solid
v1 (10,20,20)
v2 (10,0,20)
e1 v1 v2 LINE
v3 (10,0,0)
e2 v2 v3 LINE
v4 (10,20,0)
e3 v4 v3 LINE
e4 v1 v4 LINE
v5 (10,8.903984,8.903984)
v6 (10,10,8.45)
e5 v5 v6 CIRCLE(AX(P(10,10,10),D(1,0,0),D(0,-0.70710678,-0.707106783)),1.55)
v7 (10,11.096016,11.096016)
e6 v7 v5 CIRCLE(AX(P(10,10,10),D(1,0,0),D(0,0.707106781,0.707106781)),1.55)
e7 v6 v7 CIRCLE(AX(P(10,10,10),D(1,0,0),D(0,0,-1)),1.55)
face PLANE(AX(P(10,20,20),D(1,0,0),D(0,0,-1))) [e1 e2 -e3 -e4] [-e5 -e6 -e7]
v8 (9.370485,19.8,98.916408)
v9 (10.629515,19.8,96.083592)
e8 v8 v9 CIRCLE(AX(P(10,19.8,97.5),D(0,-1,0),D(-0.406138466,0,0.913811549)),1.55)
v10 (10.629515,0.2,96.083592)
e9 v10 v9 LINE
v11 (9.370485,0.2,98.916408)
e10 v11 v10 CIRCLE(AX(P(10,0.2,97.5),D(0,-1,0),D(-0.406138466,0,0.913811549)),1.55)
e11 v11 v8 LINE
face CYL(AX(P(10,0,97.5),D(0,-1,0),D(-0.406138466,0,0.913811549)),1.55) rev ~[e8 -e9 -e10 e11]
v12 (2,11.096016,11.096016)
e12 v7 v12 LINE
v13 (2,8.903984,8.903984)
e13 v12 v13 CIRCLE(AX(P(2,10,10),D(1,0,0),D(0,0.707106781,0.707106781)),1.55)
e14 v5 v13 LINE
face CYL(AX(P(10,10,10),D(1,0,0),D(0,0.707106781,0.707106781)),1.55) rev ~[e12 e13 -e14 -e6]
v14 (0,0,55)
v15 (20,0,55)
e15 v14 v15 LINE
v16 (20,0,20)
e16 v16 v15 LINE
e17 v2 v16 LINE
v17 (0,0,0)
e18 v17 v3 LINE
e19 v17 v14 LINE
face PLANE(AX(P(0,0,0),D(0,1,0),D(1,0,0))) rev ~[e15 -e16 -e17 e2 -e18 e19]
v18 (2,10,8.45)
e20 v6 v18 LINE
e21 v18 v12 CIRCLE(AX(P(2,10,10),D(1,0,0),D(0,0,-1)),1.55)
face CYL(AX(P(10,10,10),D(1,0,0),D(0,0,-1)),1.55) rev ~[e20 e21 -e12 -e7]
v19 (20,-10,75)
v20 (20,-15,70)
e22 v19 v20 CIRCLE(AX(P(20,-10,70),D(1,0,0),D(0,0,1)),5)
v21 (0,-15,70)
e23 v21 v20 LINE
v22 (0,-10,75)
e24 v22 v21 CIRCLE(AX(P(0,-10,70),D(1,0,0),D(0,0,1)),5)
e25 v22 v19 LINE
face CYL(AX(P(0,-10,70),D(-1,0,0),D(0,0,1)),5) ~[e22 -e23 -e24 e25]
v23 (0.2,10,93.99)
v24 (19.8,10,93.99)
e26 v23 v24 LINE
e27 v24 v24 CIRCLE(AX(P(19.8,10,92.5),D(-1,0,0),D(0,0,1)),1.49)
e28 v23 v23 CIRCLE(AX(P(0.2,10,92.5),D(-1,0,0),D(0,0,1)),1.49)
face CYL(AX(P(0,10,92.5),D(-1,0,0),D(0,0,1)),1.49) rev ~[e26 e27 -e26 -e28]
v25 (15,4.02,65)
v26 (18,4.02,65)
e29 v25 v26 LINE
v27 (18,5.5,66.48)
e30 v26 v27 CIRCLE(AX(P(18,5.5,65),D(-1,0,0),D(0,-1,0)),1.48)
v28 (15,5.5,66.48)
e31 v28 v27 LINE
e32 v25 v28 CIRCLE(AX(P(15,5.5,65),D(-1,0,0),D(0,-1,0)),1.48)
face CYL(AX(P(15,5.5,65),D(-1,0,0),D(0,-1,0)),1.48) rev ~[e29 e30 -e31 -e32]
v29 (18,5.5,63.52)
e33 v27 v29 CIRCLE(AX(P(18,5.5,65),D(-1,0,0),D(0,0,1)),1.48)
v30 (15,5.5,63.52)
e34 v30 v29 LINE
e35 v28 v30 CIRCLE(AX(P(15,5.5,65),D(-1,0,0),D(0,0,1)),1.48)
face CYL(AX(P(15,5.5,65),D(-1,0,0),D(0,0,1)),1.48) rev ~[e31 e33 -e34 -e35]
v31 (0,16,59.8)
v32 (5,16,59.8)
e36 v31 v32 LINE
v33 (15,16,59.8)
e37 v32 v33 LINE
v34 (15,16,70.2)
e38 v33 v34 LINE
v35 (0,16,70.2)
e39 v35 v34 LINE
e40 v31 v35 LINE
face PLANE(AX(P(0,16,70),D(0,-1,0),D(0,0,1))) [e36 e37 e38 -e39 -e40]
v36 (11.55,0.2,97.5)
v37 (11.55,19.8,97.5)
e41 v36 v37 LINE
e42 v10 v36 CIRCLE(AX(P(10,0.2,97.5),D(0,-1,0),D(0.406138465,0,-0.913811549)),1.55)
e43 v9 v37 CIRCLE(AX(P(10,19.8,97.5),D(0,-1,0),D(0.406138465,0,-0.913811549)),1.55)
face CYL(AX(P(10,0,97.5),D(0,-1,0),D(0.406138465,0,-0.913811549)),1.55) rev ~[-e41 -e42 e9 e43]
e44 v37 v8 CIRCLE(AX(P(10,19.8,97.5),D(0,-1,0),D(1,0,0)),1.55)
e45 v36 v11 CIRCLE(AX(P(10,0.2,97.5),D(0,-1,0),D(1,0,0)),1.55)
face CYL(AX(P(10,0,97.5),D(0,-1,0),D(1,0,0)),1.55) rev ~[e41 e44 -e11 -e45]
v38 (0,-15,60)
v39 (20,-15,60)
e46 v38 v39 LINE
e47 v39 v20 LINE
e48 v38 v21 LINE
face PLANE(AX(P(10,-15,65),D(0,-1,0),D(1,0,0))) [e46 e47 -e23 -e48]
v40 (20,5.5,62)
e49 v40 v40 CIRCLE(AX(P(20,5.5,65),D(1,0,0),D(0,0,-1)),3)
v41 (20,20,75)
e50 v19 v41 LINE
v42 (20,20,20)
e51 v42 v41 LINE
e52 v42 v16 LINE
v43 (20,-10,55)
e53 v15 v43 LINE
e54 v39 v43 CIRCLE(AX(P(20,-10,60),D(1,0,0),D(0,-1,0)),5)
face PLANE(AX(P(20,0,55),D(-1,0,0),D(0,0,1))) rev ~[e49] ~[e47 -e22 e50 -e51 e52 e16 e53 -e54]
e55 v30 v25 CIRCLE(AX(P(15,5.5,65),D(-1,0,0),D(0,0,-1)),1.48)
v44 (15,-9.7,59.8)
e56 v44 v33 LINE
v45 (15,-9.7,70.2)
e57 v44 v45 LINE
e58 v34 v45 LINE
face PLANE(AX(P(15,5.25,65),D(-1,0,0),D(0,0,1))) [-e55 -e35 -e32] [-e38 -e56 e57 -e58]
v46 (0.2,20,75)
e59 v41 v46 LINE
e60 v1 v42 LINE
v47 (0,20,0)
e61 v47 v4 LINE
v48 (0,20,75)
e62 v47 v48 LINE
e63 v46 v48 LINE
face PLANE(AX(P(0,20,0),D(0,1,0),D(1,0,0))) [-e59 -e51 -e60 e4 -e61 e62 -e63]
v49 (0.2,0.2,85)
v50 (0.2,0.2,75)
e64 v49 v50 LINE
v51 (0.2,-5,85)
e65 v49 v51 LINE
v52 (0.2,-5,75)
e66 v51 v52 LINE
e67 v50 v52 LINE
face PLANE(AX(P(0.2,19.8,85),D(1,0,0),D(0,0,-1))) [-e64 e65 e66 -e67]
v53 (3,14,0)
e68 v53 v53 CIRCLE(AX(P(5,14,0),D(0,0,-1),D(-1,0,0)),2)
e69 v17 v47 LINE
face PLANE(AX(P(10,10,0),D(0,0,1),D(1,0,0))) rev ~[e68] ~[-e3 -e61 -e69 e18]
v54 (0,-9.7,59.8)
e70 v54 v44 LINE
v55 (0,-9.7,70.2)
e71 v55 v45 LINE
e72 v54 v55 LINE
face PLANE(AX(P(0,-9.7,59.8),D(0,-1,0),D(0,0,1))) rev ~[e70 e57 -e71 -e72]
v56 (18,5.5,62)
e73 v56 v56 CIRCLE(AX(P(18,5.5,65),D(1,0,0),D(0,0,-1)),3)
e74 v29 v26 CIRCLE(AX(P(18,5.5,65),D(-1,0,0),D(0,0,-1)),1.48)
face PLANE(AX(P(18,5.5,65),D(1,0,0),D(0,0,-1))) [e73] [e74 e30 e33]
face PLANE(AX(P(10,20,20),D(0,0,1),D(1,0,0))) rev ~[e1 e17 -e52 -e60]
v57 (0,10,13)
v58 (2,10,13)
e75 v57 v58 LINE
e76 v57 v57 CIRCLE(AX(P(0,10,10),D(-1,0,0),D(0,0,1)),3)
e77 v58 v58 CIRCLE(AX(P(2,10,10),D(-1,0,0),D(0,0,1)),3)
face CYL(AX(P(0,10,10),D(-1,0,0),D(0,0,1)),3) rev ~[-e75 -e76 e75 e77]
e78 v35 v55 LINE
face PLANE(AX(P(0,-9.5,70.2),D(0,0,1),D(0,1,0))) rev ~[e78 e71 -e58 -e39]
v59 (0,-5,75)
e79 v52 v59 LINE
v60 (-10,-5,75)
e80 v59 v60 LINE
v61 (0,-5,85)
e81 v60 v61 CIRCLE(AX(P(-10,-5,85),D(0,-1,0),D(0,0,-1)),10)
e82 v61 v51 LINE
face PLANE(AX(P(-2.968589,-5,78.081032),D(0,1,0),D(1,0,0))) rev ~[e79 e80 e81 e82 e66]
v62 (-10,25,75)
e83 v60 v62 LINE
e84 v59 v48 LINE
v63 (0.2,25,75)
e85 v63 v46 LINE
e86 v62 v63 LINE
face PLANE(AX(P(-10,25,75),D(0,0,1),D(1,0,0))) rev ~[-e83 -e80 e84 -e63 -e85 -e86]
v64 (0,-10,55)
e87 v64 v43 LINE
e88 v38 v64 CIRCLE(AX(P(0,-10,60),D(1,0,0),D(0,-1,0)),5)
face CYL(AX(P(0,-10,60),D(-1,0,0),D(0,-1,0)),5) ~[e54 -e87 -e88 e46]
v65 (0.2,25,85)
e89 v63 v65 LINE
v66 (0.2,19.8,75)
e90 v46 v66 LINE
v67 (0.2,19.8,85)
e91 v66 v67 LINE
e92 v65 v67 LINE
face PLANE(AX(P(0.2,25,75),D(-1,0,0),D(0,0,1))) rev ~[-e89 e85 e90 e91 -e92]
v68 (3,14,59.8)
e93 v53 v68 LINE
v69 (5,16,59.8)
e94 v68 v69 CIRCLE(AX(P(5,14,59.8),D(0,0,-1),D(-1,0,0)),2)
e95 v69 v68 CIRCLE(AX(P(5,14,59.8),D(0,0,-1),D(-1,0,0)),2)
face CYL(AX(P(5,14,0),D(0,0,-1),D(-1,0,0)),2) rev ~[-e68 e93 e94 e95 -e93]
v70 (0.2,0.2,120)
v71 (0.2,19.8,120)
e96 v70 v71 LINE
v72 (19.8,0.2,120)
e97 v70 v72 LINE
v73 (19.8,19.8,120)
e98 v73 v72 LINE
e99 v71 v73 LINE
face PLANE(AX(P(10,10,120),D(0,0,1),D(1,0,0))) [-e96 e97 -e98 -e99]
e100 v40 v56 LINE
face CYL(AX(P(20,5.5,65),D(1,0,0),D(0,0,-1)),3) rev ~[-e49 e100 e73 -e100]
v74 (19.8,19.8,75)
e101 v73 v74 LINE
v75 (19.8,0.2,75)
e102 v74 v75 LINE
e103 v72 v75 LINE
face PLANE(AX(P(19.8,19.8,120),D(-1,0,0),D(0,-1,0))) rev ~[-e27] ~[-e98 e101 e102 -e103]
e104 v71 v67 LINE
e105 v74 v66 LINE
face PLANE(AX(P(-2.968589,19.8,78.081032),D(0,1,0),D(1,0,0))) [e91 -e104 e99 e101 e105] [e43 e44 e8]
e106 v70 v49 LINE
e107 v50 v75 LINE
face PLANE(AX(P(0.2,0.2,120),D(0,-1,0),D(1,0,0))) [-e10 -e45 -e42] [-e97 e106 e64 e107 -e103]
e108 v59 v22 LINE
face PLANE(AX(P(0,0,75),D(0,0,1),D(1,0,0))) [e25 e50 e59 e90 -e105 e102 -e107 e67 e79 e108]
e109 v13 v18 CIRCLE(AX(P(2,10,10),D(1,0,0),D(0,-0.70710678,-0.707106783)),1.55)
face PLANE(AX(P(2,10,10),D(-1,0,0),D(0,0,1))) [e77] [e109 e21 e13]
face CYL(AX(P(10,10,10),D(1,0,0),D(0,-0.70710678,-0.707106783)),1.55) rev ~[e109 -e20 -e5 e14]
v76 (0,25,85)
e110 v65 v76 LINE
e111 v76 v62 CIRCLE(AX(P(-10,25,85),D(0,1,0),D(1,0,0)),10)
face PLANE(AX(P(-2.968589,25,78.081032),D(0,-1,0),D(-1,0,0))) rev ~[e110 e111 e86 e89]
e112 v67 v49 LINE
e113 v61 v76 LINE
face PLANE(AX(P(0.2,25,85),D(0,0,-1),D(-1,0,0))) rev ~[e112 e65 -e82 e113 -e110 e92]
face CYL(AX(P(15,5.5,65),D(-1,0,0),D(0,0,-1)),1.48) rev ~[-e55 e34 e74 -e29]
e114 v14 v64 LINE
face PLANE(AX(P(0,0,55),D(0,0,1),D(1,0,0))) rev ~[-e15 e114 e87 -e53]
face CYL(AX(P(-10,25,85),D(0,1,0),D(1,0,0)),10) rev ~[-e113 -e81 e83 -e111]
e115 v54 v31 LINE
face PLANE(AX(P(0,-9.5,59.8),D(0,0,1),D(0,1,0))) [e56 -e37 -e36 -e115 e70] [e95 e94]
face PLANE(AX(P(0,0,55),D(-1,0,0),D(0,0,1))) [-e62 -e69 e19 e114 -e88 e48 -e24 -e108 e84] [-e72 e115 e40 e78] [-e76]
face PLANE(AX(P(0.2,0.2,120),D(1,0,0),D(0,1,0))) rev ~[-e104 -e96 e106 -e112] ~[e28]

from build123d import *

# Parameters (mm, degrees)
SKETCH_1_W           = 20
SKETCH_1_H           = 20
EXTRUDE_1_DEPTH      = 120
SKETCH_2_W           = 10
SKETCH_2_H           = 20
CUT_EXTRUDE_1_DEPTH  = 120
CUT_EXTRUDE_2_DEPTH  = 120
SKETCH_4_R           = 3
CUT_EXTRUDE_3_DEPTH  = 2
SKETCH_6_R           = 1.49
CUT_EXTRUDE_4_DEPTH  = 20
CUT_EXTRUDE_5_DEPTH  = 20
SKETCH_8_W           = 19.6
SKETCH_8_H           = 0.2
SKETCH_8_W_2         = 0.2
SKETCH_8_H_2         = 19.6
CUT_EXTRUDE_6_DEPTH  = 45
EXTRUDE_2_DEPTH      = 24.8
EXTRUDE_START        = 5.2
EXTRUDE_3_DEPTH      = 5.2
SKETCH_12_W          = 20
SKETCH_12_H          = 20
EXTRUDE_4_DEPTH      = 15
SKETCH_13_W          = 5
SKETCH_13_H          = 5
SKETCH_13_H_2        = 4.5
CUT_EXTRUDE_8_DEPTH  = 15
SKETCH_14_R          = 2
CUT_EXTRUDE_9_DEPTH  = 70
SKETCH_15_W          = 10
SKETCH_15_H          = 5.5
CUT_EXTRUDE_10_DEPTH = 15
CUT_EXTRUDE_11_DEPTH = 5
CUT_EXTRUDE_12_DEPTH = 20
SKETCH_18_R          = 3
CUT_EXTRUDE_13_DEPTH = 2
SKETCH_19_W          = 0.2
SKETCH_19_H          = 25.5
CUT_EXTRUDE_14_DEPTH = 15
SKETCH_21_W          = 10.4
SKETCH_21_H          = 0.2
CUT_EXTRUDE_15_DEPTH = 15


with BuildPart() as part:
    # 草图1 → 凸台-拉伸1 (new body)
    with BuildSketch(Plane.XY):
        with Locations((10, 10)):
            Rectangle(SKETCH_1_W, SKETCH_1_H)
    extrude(amount=EXTRUDE_1_DEPTH)

    # 草图2 → 切除-拉伸1 (cut)
    with BuildSketch(Plane(origin=(0, 20, 0), x_dir=(1, 0, 0), z_dir=(0, 1, 0))):
        with Locations((15, -10)):
            Rectangle(SKETCH_2_W, SKETCH_2_H)
    extrude(amount=-CUT_EXTRUDE_1_DEPTH, mode=Mode.SUBTRACT)

    # 草图3 → 切除-拉伸2 (cut)
    with BuildSketch(Plane(origin=(10, 0, 0), x_dir=(0, 0, -1), z_dir=(1, 0, 0))):
        with BuildLine():
            ThreePointArc((-8.45, 10), (-9.40684068, 11.432013275), (-11.096015511, 11.096015511))
            Line((-11.096015511, 11.096015511), (-8.903984489, 8.903984489))
            ThreePointArc((-8.903984489, 8.903984489), (-8.567986725, 9.40684068), (-8.45, 10))
        make_face()
        with BuildLine():
            Line((-8.903984489, 8.903984489), (-11.096015511, 11.096015511))
            ThreePointArc((-11.096015511, 11.096015511), (-11.096015511, 8.903984489), (-8.903984489, 8.903984489))
        make_face()
    extrude(amount=-CUT_EXTRUDE_2_DEPTH, mode=Mode.SUBTRACT)

    # 草图4 → 切除-拉伸3 (cut)
    with BuildSketch(Plane.ZY):
        with Locations((10, 10)):
            Circle(SKETCH_4_R)
    extrude(amount=-CUT_EXTRUDE_3_DEPTH, mode=Mode.SUBTRACT)

    # 草图6 → 切除-拉伸4 (cut)
    with BuildSketch(Plane.ZY):
        with Locations((92.5, 10)):
            Circle(SKETCH_6_R)
    extrude(amount=-CUT_EXTRUDE_4_DEPTH, mode=Mode.SUBTRACT)

    # 草图7 → 切除-拉伸5 (cut)
    with BuildSketch(Plane.XZ):
        with BuildLine():
            ThreePointArc((11.55, 97.5), (10.844615988, 98.799662969), (9.370485378, 98.9164079))
            Line((9.370485378, 98.9164079), (10.629514622, 96.0835921))
            ThreePointArc((10.629514622, 96.0835921), (11.299662969, 96.655384012), (11.55, 97.5))
        make_face()
        with BuildLine():
            Line((10.629514622, 96.0835921), (9.370485378, 98.9164079))
            ThreePointArc((9.370485378, 98.9164079), (8.5835921, 96.870485378), (10.629514622, 96.0835921))
        make_face()
    extrude(amount=-CUT_EXTRUDE_5_DEPTH, mode=Mode.SUBTRACT)

    # 草图8 → 切除-拉伸6 (cut)
    with BuildSketch(Plane.XY.offset(120)):
        with Locations((10, 19.9)):
            Rectangle(SKETCH_8_W, SKETCH_8_H)
        with Locations((0.1, 19.9)):
            Rectangle(SKETCH_8_W_2, SKETCH_8_H)
        with Locations((0.1, 10)):
            Rectangle(SKETCH_8_W_2, SKETCH_8_H_2)
        with Locations((19.9, 10)):
            Rectangle(SKETCH_8_W_2, SKETCH_8_H_2)
        with Locations((19.9, 0.1)):
            Rectangle(SKETCH_8_W_2, SKETCH_8_H)
        with Locations((10, 0.1)):
            Rectangle(SKETCH_8_W, SKETCH_8_H)
        with Locations((0.1, 0.1)):
            Rectangle(SKETCH_8_W_2, SKETCH_8_H)
        with Locations((19.9, 19.9)):
            Rectangle(SKETCH_8_W_2, SKETCH_8_H)
    extrude(amount=-CUT_EXTRUDE_6_DEPTH, mode=Mode.SUBTRACT)

    # 草图9 → 凸台-拉伸2 (add)
    with BuildSketch(Plane(origin=(0, 19.8, 0), x_dir=(1, 0, 0), z_dir=(0, 1, 0))):
        with BuildLine():
            Line((0, -75), (-10, -75))
            ThreePointArc((-10, -75), (-2.928932188, -77.928932188), (0, -85))
            Line((0, -85), (0.2, -85))
            Line((0.2, -85), (0.2, -75))
            Line((0.2, -75), (0, -75))
        make_face()
    extrude(amount=-EXTRUDE_2_DEPTH)

    # 草图10 → 凸台-拉伸3 (add)
    with BuildSketch(Plane(origin=(0, 19.8, 0), x_dir=(1, 0, 0), z_dir=(0, 1, 0)).offset(EXTRUDE_START)):
        with BuildLine():
            Line((-10, -75), (0, -75))
            Line((0, -75), (0.2, -75))
            Line((0.2, -75), (0.2, -85))
            Line((0.2, -85), (0, -85))
            ThreePointArc((0, -85), (-2.928932188, -77.928932188), (-10, -75))
        make_face()
    extrude(amount=-EXTRUDE_3_DEPTH)

    # 草图12 → 凸台-拉伸4 (add)
    with BuildSketch(Plane.XZ):
        with Locations((10, 65)):
            Rectangle(SKETCH_12_W, SKETCH_12_H)
    extrude(amount=EXTRUDE_4_DEPTH)

    # 草图13 → 切除-拉伸8 (cut)
    with BuildSketch(Plane.ZY):
        Polygon((60, 10.5), (60, 0), (65, 0), (70, 0), (70, 10.5), align=None)
        with Locations((62.5, -2.5)):
            Rectangle(SKETCH_13_W, SKETCH_13_H)
        with Locations((67.5, -2.5)):
            Rectangle(SKETCH_13_W, SKETCH_13_H)
        with Locations((62.5, -7.25)):
            Rectangle(SKETCH_13_W, SKETCH_13_H_2)
        with Locations((67.5, -7.25)):
            Rectangle(SKETCH_13_W, SKETCH_13_H_2)
    extrude(amount=-CUT_EXTRUDE_8_DEPTH, mode=Mode.SUBTRACT)

    # 草图14 → 切除-拉伸9 (cut)
    with BuildSketch(Plane(origin=(0, 0, 0), x_dir=(-1, 0, 0), z_dir=(0, 0, -1))):
        with Locations((-5, 14)):
            Circle(SKETCH_14_R)
    extrude(amount=-CUT_EXTRUDE_9_DEPTH, mode=Mode.SUBTRACT)

    # 草图15 → 切除-拉伸10 (cut)
    with BuildSketch(Plane.ZY):
        with Locations((65, 13.25)):
            Rectangle(SKETCH_15_W, SKETCH_15_H)
    extrude(amount=-CUT_EXTRUDE_10_DEPTH, mode=Mode.SUBTRACT)

    # 草图16 → 切除-拉伸11 (cut)
    with BuildSketch(Plane.ZY.offset(-15)):
        with BuildLine():
            ThreePointArc((66.48, 5.5), (65, 6.98), (63.52, 5.5))
            Line((63.52, 5.5), (65, 5.5))
            Line((65, 5.5), (65, 4.02))
            ThreePointArc((65, 4.02), (66.046518036, 4.453481964), (66.48, 5.5))
        make_face()
        with BuildLine():
            Line((65, 5.5), (63.52, 5.5))
            ThreePointArc((63.52, 5.5), (63.953481964, 4.453481964), (65, 4.02))
            Line((65, 4.02), (65, 5.5))
        make_face()
    extrude(amount=-CUT_EXTRUDE_11_DEPTH, mode=Mode.SUBTRACT)

    # 草图17 → 切除-拉伸12 (cut)
    with BuildSketch(Plane.ZY):
        with BuildLine():
            Line((55, -10), (55, -15))
            Line((55, -15), (60, -15))
            ThreePointArc((60, -15), (56.464466094, -13.535533906), (55, -10))
        make_face()
        with BuildLine():
            ThreePointArc((75, -10), (73.535533906, -13.535533906), (70, -15))
            Line((70, -15), (75, -15))
            Line((75, -15), (75, -10))
        make_face()
    extrude(amount=-CUT_EXTRUDE_12_DEPTH, mode=Mode.SUBTRACT)

    # 草图18 → 切除-拉伸13 (cut)
    with BuildSketch(Plane(origin=(20, 0, 0), x_dir=(0, 0, -1), z_dir=(1, 0, 0))):
        with Locations((-65, 5.5)):
            Circle(SKETCH_18_R)
    extrude(amount=-CUT_EXTRUDE_13_DEPTH, mode=Mode.SUBTRACT)

    # 草图19 → 切除-拉伸14 (cut)
    with BuildSketch(Plane.ZY):
        with Locations((70.1, 3.25)):
            Rectangle(SKETCH_19_W, SKETCH_19_H)
        with Locations((59.9, 3.25)):
            Rectangle(SKETCH_19_W, SKETCH_19_H)
    extrude(amount=-CUT_EXTRUDE_14_DEPTH, mode=Mode.SUBTRACT)

    # 草图21 → 切除-拉伸15 (cut)
    with BuildSketch(Plane.ZY):
        with Locations((65, -9.6)):
            Rectangle(SKETCH_21_W, SKETCH_21_H)
    extrude(amount=-CUT_EXTRUDE_15_DEPTH, mode=Mode.SUBTRACT)


solid = part.part
